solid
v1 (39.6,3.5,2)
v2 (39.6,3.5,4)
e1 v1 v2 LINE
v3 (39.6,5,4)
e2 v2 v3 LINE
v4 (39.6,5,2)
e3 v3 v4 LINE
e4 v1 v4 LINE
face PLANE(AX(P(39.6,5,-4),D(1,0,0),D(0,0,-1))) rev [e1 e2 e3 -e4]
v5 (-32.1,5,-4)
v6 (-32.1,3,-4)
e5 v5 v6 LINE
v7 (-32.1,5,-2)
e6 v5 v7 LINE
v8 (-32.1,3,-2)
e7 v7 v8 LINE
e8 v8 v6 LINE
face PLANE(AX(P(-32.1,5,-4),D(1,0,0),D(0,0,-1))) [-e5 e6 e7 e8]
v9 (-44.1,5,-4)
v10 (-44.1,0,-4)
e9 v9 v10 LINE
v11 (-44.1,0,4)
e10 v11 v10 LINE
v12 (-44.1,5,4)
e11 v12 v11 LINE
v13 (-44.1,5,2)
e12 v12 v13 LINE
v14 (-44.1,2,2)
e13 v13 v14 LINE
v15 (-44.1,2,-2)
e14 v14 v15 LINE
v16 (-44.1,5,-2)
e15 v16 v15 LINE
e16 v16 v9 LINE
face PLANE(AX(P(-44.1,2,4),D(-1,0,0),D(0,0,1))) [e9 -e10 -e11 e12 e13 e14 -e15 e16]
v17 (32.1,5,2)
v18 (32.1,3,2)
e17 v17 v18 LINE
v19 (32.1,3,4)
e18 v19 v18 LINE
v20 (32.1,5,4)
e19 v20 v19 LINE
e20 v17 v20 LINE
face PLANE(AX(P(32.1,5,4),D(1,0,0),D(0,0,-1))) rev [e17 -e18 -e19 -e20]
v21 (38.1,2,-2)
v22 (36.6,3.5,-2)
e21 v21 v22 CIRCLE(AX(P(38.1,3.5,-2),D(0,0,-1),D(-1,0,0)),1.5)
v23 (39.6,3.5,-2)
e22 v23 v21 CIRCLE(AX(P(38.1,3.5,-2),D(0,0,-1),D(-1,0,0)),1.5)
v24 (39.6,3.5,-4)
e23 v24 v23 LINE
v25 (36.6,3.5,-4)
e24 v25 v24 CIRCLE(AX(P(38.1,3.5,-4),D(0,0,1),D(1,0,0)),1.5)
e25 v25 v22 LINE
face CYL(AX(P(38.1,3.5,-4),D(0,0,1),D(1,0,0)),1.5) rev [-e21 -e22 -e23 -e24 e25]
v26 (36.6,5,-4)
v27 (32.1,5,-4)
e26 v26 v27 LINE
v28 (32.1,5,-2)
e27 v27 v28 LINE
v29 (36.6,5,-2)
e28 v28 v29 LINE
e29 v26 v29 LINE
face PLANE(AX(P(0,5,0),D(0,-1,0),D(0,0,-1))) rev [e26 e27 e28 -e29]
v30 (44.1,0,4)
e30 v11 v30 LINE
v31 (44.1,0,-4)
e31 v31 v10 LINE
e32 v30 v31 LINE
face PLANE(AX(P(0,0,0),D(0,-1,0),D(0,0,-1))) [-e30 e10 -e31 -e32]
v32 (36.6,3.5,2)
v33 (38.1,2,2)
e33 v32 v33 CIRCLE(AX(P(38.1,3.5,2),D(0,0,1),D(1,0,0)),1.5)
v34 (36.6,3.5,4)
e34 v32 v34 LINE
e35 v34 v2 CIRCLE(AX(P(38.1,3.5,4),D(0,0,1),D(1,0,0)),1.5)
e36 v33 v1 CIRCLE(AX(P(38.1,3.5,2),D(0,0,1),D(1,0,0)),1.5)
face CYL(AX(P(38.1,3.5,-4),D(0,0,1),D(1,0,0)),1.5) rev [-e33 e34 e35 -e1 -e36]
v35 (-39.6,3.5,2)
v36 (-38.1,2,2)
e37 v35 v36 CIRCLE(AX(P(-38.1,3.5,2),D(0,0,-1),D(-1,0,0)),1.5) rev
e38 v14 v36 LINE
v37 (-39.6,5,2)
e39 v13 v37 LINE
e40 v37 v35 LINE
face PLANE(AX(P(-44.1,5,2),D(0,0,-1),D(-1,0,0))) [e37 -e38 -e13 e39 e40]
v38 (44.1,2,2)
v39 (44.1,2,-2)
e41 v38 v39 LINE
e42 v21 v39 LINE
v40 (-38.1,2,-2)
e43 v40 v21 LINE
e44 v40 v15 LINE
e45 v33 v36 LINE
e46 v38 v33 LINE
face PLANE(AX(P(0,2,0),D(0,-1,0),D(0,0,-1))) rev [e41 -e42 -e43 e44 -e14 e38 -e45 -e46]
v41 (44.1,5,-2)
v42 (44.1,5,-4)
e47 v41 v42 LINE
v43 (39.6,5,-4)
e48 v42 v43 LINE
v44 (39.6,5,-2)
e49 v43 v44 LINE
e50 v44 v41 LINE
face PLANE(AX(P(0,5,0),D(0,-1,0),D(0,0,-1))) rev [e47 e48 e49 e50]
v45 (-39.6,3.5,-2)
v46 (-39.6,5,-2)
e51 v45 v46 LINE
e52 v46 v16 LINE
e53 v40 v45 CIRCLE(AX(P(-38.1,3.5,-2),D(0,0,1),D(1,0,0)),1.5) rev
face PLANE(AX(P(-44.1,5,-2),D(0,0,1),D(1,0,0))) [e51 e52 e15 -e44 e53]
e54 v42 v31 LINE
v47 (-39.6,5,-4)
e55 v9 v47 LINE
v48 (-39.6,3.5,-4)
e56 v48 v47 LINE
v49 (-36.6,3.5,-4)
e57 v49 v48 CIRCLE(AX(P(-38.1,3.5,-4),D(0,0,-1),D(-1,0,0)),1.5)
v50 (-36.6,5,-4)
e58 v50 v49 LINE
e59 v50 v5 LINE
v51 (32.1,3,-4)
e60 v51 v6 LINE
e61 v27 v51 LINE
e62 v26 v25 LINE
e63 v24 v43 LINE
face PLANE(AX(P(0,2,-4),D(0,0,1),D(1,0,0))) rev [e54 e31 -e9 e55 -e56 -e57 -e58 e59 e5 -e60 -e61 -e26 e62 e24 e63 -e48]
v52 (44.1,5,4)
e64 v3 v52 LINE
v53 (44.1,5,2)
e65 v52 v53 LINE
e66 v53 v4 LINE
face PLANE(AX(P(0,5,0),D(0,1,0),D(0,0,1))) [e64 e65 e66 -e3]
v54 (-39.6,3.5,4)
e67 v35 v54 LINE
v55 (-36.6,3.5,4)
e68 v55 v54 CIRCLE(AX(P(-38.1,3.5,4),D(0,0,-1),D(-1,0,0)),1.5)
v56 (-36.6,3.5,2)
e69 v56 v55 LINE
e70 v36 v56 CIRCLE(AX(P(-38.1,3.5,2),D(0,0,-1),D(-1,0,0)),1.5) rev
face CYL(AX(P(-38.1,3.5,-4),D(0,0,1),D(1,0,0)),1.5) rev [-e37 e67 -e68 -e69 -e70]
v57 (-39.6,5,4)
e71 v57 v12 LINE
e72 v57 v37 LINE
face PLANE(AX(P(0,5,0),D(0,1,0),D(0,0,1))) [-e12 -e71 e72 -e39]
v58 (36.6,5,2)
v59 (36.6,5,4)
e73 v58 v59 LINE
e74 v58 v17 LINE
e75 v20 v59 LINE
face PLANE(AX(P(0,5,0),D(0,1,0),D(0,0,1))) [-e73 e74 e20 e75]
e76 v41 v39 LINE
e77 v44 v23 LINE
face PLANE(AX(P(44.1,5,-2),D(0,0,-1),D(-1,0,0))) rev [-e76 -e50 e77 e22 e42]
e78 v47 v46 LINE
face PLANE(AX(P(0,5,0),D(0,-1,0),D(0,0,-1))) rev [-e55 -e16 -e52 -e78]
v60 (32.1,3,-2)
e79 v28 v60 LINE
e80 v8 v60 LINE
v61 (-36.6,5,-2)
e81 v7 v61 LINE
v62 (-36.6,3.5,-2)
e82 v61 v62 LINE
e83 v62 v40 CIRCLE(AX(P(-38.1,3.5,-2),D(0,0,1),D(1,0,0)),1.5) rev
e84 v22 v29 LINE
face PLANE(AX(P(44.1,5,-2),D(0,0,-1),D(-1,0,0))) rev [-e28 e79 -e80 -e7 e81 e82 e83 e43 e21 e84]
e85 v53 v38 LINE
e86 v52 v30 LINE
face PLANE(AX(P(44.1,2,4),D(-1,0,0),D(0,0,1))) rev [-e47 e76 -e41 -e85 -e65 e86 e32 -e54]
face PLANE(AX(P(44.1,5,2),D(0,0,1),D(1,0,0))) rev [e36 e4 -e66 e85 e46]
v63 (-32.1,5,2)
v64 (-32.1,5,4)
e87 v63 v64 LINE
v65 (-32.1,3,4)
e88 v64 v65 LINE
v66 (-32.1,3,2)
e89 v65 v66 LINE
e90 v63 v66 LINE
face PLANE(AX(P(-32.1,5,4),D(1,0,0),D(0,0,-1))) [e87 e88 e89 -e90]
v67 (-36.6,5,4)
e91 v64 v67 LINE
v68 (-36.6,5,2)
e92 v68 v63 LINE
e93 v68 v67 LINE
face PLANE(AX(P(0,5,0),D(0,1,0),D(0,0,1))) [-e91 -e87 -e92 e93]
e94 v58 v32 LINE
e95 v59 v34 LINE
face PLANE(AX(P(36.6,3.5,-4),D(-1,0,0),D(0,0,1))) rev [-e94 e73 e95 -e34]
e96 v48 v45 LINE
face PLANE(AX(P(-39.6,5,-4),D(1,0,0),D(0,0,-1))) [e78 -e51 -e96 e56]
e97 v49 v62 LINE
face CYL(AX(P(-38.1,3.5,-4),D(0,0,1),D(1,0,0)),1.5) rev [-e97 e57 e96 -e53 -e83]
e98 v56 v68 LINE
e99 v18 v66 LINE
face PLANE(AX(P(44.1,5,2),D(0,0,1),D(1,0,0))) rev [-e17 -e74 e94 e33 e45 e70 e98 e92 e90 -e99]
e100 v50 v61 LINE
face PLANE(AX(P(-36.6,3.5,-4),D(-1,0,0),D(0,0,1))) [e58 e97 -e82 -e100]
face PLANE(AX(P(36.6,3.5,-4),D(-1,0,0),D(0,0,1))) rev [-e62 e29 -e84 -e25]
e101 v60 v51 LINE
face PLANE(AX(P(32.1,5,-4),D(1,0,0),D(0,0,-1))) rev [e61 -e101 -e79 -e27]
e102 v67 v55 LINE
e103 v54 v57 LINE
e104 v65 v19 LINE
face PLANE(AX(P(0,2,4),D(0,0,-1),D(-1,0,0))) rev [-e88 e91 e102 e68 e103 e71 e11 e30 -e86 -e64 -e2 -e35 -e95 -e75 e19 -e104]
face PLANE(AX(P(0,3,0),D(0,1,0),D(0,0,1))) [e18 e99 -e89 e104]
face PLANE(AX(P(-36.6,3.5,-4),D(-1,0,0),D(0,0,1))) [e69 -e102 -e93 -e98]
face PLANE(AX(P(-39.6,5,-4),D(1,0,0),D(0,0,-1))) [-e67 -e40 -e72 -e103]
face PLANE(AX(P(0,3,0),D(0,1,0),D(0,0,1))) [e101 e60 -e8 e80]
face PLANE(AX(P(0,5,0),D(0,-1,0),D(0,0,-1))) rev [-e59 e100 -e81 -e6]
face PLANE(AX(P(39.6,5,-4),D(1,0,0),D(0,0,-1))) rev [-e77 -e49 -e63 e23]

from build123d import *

# Parameters (mm, degrees)
SKETCH1_W           = 44.1
SKETCH1_H           = 8
BOSS_EXTRUDE1_DEPTH = 2
SKETCH2_W           = 12
SKETCH2_H           = 2
BOSS_EXTRUDE2_DEPTH = 3
CUT_EXTRUDE1_DEPTH  = 46.097782651
SKETCH4_W           = 32.1
SKETCH4_H           = 2
BOSS_EXTRUDE3_DEPTH = 1


with BuildPart() as part:
    # Sketch1 → Boss-Extrude1 (new body)
    with BuildSketch(Plane(origin=(0, 0, 0), x_dir=(1, 0, 0), z_dir=(0, 1, 0))):
        with Locations((22.05, 0)):
            Rectangle(SKETCH1_W, SKETCH1_H)
    boss_extrude1 = extrude(amount=BOSS_EXTRUDE1_DEPTH)

    # Sketch2 → Boss-Extrude2 (add)
    with BuildSketch(Plane(origin=(0, 2, 0), x_dir=(1, 0, 0), z_dir=(0, 1, 0))):
        with Locations((38.1, 3)):
            Rectangle(SKETCH2_W, SKETCH2_H)
        with Locations((38.1, -3)):
            Rectangle(SKETCH2_W, SKETCH2_H)
    boss_extrude2 = extrude(amount=BOSS_EXTRUDE2_DEPTH)

    # Sketch3 → Cut-Extrude1 (cut, through all)
    with BuildSketch(Plane.XY.offset(4)):
        with BuildLine():
            Line((36.6, 3.5), (36.6, 5))
            Line((36.6, 5), (39.6, 5))
            Line((39.6, 5), (39.6, 3.5))
            ThreePointArc((39.6, 3.5), (38.1, 2), (36.6, 3.5))
        make_face()
    cut_extrude1 = extrude(amount=-CUT_EXTRUDE1_DEPTH, mode=Mode.SUBTRACT)

    # Sketch4 → Boss-Extrude3 (add)
    with BuildSketch(Plane(origin=(0, 2, 0), x_dir=(1, 0, 0), z_dir=(0, 1, 0))):
        with Locations((16.05, -3)):
            Rectangle(SKETCH4_W, SKETCH4_H)
        with Locations((16.05, 3)):
            Rectangle(SKETCH4_W, SKETCH4_H)
    boss_extrude3 = extrude(amount=BOSS_EXTRUDE3_DEPTH)

    # Mirror1: Boss-Extrude1, Boss-Extrude2, Cut-Extrude1, Boss-Extrude3 across plane
    add(boss_extrude1.mirror(Plane(origin=(0, 0, 0), x_dir=(0, 0, 1), z_dir=(1, 0, 0))))
    add(boss_extrude2.mirror(Plane(origin=(0, 0, 0), x_dir=(0, 0, 1), z_dir=(1, 0, 0))))
    add(cut_extrude1.mirror(Plane(origin=(0, 0, 0), x_dir=(0, 0, 1), z_dir=(1, 0, 0))), mode=Mode.SUBTRACT)
    add(boss_extrude3.mirror(Plane(origin=(0, 0, 0), x_dir=(0, 0, 1), z_dir=(1, 0, 0))))


solid = part.part
